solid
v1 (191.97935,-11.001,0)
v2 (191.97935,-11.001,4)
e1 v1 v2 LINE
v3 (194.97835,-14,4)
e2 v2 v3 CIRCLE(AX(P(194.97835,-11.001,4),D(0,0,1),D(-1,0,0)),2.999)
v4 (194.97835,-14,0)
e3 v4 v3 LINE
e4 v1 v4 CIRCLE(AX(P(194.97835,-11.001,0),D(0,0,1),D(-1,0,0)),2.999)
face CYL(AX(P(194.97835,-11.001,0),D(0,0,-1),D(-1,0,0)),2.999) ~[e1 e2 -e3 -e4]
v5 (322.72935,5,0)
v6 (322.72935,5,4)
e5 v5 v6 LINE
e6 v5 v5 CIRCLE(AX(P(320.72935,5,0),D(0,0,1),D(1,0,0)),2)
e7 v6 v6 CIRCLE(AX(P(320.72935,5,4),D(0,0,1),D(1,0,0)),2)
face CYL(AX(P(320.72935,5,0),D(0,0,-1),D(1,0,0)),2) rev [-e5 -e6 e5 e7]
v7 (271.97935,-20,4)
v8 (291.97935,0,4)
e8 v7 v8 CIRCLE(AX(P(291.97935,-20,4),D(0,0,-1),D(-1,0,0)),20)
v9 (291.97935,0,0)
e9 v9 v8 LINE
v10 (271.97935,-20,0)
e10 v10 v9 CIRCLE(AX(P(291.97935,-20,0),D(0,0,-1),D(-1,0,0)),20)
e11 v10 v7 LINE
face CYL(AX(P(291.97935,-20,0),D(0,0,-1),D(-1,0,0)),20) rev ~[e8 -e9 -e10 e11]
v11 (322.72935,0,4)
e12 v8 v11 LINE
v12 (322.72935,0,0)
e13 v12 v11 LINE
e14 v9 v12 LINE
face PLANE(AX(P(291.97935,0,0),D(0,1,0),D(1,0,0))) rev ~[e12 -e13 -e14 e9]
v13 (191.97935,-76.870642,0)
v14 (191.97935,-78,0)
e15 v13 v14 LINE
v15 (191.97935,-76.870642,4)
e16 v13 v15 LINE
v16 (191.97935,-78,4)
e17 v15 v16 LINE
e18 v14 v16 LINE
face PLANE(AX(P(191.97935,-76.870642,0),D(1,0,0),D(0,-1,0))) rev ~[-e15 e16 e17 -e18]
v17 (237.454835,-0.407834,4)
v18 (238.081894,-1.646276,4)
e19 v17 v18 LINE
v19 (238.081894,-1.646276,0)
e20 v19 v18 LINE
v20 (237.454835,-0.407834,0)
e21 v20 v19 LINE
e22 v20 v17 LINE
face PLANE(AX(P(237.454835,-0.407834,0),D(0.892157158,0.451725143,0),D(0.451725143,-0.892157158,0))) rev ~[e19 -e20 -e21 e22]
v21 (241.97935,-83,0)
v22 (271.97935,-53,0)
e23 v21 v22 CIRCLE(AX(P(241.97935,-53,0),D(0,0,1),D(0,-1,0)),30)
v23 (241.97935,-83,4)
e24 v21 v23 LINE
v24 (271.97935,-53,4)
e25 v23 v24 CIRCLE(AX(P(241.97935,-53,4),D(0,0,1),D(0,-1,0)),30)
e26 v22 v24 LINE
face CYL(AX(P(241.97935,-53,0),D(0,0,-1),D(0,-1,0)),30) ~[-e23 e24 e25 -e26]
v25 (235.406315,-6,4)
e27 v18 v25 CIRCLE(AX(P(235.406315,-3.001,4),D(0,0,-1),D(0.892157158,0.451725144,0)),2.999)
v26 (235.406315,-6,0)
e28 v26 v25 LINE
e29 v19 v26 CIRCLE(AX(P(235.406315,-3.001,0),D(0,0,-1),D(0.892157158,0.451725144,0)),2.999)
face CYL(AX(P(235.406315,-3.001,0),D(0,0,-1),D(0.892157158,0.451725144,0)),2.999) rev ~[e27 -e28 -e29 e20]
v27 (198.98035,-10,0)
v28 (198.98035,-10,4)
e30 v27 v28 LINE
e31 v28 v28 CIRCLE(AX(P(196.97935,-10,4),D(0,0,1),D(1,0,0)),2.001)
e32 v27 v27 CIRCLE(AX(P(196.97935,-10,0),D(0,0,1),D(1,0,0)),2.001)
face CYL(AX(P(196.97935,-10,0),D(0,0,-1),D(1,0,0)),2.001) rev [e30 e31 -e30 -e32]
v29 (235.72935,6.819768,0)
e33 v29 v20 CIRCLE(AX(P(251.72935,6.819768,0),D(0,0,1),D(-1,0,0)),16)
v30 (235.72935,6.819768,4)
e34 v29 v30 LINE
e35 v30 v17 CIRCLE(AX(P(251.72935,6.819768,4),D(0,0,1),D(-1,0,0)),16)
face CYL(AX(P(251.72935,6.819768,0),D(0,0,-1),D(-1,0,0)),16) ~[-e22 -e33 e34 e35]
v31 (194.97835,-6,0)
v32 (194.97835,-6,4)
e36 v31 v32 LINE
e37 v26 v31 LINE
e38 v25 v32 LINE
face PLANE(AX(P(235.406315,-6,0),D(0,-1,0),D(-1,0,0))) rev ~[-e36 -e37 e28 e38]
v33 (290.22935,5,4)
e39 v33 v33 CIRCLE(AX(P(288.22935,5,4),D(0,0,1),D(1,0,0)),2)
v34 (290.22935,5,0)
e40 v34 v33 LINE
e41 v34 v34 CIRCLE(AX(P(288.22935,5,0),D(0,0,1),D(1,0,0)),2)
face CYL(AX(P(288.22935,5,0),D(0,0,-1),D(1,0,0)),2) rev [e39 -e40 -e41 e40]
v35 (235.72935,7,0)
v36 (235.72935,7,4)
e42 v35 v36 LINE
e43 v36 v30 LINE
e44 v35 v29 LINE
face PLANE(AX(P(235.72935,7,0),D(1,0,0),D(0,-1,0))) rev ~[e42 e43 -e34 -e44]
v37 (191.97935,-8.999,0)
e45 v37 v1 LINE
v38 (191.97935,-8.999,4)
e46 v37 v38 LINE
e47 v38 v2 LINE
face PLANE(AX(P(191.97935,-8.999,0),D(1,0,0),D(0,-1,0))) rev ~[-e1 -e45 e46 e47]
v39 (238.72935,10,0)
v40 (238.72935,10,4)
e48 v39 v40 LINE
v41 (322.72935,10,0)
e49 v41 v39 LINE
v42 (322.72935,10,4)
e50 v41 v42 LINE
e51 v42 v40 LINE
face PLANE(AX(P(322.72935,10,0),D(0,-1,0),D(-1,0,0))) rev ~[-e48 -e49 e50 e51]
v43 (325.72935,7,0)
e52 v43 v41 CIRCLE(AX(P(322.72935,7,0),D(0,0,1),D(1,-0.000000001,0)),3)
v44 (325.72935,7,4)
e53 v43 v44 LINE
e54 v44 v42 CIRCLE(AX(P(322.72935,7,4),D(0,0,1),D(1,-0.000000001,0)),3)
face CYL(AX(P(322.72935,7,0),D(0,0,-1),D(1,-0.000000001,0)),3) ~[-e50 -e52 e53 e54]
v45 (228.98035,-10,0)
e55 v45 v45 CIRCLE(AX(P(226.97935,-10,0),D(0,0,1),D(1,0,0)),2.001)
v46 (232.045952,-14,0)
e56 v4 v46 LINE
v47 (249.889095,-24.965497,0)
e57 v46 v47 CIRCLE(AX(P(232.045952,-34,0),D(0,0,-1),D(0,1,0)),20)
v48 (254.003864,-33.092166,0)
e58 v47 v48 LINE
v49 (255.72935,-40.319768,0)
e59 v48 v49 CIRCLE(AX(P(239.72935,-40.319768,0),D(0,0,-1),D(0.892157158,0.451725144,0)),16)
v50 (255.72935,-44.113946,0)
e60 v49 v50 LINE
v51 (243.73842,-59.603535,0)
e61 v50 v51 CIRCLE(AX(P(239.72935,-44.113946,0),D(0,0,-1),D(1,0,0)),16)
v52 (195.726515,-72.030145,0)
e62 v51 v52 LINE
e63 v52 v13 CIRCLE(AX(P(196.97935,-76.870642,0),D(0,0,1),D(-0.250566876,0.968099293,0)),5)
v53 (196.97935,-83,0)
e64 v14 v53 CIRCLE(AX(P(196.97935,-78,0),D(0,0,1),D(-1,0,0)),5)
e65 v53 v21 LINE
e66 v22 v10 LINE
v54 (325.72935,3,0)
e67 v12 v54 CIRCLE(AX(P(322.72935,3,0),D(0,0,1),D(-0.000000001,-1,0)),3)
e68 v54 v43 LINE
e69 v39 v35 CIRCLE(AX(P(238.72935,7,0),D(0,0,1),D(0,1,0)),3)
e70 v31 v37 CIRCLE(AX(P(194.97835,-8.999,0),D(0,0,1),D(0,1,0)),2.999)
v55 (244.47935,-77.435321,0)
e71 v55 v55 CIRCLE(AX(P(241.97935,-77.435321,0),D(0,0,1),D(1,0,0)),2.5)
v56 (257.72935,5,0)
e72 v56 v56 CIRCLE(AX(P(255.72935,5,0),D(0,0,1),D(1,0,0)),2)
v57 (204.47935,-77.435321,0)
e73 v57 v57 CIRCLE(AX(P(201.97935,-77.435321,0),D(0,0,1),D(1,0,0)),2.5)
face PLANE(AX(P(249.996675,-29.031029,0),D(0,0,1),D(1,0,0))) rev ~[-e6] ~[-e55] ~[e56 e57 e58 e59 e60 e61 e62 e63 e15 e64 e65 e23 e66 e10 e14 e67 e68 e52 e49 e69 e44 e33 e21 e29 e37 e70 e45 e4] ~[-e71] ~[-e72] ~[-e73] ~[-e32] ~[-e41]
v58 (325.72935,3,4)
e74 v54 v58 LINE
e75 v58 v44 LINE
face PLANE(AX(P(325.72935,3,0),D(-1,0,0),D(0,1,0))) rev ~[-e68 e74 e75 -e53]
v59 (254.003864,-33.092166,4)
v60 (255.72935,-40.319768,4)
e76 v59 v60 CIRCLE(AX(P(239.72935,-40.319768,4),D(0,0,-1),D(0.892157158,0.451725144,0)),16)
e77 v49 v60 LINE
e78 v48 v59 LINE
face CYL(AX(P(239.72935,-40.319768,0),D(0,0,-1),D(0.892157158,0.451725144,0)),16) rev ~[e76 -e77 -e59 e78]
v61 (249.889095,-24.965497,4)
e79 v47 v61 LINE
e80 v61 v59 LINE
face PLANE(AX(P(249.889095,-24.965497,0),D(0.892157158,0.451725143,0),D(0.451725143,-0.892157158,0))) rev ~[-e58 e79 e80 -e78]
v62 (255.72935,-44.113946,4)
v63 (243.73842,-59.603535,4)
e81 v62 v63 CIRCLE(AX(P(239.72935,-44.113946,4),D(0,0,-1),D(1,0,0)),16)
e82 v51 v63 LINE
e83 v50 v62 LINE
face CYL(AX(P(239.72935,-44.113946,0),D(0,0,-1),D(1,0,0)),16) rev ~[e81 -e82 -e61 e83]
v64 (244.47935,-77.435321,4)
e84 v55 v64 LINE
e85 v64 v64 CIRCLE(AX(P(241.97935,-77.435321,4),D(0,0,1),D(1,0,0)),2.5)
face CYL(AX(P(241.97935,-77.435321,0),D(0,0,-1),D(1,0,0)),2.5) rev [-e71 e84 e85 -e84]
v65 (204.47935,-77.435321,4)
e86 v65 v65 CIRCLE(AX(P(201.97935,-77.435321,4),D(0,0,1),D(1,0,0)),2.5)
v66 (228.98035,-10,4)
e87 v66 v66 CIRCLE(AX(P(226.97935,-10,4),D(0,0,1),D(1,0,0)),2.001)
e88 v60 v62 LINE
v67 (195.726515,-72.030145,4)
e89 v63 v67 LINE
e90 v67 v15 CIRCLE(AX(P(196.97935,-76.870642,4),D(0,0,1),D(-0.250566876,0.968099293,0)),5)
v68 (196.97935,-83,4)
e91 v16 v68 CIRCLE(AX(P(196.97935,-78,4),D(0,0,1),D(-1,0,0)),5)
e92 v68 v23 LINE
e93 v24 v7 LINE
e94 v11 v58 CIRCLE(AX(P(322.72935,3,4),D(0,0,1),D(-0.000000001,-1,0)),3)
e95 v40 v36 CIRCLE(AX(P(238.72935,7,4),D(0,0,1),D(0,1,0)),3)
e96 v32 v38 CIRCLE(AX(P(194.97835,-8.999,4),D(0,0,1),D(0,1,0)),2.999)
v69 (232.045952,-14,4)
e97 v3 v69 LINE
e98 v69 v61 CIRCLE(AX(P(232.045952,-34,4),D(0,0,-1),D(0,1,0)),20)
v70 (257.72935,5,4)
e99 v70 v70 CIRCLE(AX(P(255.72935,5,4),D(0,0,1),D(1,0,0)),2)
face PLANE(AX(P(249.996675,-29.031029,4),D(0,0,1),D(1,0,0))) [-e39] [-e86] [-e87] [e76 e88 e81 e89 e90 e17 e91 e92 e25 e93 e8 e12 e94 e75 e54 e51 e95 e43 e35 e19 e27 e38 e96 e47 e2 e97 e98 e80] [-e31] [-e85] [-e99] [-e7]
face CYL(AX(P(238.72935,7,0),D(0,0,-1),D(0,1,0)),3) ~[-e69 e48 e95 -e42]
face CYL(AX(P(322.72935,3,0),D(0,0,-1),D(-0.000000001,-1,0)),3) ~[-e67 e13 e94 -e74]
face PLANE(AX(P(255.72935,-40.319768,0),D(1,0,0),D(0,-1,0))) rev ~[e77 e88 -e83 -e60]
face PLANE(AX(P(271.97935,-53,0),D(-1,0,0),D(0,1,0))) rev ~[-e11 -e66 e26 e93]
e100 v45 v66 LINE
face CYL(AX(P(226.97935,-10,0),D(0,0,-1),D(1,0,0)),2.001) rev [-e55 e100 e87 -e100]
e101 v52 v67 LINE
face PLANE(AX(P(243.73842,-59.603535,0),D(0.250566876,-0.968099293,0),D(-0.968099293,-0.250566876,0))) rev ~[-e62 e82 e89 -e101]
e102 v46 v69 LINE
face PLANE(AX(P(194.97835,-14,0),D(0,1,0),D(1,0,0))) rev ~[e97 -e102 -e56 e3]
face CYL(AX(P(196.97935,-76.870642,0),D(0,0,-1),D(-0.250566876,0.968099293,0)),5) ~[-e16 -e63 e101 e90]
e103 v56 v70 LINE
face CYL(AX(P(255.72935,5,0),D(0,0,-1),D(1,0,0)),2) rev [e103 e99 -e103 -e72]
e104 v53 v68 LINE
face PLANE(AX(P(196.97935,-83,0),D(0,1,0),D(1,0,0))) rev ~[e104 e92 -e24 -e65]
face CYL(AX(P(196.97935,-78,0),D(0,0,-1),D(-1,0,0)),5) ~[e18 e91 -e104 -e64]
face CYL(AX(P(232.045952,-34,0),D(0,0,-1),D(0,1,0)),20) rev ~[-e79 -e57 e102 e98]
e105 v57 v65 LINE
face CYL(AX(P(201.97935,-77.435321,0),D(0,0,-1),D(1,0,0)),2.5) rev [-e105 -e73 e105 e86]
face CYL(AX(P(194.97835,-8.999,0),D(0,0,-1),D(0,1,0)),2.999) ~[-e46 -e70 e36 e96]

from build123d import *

# Parameters (mm, degrees)
SKETCH1_R           = 2.001
SKETCH1_R_2         = 2.5
SKETCH1_R_3         = 2
BOSS_EXTRUDE2_DEPTH = 4


with BuildPart() as part:
    # Sketch1 → Boss-Extrude2 (new body)
    with BuildSketch(Plane.XY):
        with BuildLine():
            Line((249.889094902, -24.965497133), (254.003864049, -33.092166198))
            ThreePointArc((254.003864049, -33.092166198), (255.292000843, -36.604410668), (255.729349518, -40.319768492))
            Line((255.729349518, -40.319768492), (255.729349518, -44.113946135))
            ThreePointArc((255.729349518, -44.113946135), (252.381328024, -53.908201589), (243.738419531, -59.60353482))
            Line((243.738419531, -59.60353482), (195.72651514, -72.030145369))
            ThreePointArc((195.72651514, -72.030145369), (193.025606236, -73.809937003), (191.979349518, -76.870641833))
            Line((191.979349518, -76.870641833), (191.979349518, -78))
            ThreePointArc((191.979349518, -78), (193.443815613, -81.535533906), (196.979349518, -83))
            Line((196.979349518, -83), (241.979349518, -83))
            ThreePointArc((241.979349518, -83), (263.192552954, -74.213203436), (271.979349518, -53))
            Line((271.979349518, -53), (271.979349518, -20))
            ThreePointArc((271.979349518, -20), (277.837213895, -5.857864376), (291.979349518, 0))
            Line((291.979349518, 0), (322.729349518, 0))
            ThreePointArc((322.729349518, 0), (324.850669862, 0.878679656), (325.729349518, 3))
            Line((325.729349518, 3), (325.729349518, 7))
            ThreePointArc((325.729349518, 7), (324.850669862, 9.121320344), (322.729349518, 10))
            Line((322.729349518, 10), (238.729349518, 10))
            ThreePointArc((238.729349518, 10), (236.608029175, 9.121320344), (235.729349518, 7))
            Line((235.729349518, 7), (235.729349518, 6.819768492))
            ThreePointArc((235.729349518, 6.819768492), (236.166698194, 3.104410668), (237.454834988, -0.407833802))
            Line((237.454834988, -0.407833802), (238.081894478, -1.646276295))
            ThreePointArc((238.081894478, -1.646276295), (237.961390247, -4.571220464), (235.406315161, -6))
            Line((235.406315161, -6), (194.978349518, -6))
            ThreePointArc((194.978349518, -6), (192.857736282, -6.878386763), (191.979349518, -8.999))
            Line((191.979349518, -8.999), (191.979349518, -11.001))
            ThreePointArc((191.979349518, -11.001), (192.857736282, -13.121613237), (194.978349518, -14))
            Line((194.978349518, -14), (232.045951739, -14))
            ThreePointArc((232.045951739, -14), (242.517578705, -16.960486255), (249.889094902, -24.965497133))
        make_face()
        with Locations((226.979349518, -10)):
            Circle(SKETCH1_R, mode=Mode.SUBTRACT)
        with Locations((196.979349518, -10)):
            Circle(SKETCH1_R, mode=Mode.SUBTRACT)
        with Locations((201.979349518, -77.435320916)):
            Circle(SKETCH1_R_2, mode=Mode.SUBTRACT)
        with Locations((241.979349518, -77.435320916)):
            Circle(SKETCH1_R_2, mode=Mode.SUBTRACT)
        with Locations((255.729349518, 5)):
            Circle(SKETCH1_R_3, mode=Mode.SUBTRACT)
        with Locations((288.229349518, 5)):
            Circle(SKETCH1_R_3, mode=Mode.SUBTRACT)
        with Locations((320.729349518, 5)):
            Circle(SKETCH1_R_3, mode=Mode.SUBTRACT)
    extrude(amount=BOSS_EXTRUDE2_DEPTH)


solid = part.part
